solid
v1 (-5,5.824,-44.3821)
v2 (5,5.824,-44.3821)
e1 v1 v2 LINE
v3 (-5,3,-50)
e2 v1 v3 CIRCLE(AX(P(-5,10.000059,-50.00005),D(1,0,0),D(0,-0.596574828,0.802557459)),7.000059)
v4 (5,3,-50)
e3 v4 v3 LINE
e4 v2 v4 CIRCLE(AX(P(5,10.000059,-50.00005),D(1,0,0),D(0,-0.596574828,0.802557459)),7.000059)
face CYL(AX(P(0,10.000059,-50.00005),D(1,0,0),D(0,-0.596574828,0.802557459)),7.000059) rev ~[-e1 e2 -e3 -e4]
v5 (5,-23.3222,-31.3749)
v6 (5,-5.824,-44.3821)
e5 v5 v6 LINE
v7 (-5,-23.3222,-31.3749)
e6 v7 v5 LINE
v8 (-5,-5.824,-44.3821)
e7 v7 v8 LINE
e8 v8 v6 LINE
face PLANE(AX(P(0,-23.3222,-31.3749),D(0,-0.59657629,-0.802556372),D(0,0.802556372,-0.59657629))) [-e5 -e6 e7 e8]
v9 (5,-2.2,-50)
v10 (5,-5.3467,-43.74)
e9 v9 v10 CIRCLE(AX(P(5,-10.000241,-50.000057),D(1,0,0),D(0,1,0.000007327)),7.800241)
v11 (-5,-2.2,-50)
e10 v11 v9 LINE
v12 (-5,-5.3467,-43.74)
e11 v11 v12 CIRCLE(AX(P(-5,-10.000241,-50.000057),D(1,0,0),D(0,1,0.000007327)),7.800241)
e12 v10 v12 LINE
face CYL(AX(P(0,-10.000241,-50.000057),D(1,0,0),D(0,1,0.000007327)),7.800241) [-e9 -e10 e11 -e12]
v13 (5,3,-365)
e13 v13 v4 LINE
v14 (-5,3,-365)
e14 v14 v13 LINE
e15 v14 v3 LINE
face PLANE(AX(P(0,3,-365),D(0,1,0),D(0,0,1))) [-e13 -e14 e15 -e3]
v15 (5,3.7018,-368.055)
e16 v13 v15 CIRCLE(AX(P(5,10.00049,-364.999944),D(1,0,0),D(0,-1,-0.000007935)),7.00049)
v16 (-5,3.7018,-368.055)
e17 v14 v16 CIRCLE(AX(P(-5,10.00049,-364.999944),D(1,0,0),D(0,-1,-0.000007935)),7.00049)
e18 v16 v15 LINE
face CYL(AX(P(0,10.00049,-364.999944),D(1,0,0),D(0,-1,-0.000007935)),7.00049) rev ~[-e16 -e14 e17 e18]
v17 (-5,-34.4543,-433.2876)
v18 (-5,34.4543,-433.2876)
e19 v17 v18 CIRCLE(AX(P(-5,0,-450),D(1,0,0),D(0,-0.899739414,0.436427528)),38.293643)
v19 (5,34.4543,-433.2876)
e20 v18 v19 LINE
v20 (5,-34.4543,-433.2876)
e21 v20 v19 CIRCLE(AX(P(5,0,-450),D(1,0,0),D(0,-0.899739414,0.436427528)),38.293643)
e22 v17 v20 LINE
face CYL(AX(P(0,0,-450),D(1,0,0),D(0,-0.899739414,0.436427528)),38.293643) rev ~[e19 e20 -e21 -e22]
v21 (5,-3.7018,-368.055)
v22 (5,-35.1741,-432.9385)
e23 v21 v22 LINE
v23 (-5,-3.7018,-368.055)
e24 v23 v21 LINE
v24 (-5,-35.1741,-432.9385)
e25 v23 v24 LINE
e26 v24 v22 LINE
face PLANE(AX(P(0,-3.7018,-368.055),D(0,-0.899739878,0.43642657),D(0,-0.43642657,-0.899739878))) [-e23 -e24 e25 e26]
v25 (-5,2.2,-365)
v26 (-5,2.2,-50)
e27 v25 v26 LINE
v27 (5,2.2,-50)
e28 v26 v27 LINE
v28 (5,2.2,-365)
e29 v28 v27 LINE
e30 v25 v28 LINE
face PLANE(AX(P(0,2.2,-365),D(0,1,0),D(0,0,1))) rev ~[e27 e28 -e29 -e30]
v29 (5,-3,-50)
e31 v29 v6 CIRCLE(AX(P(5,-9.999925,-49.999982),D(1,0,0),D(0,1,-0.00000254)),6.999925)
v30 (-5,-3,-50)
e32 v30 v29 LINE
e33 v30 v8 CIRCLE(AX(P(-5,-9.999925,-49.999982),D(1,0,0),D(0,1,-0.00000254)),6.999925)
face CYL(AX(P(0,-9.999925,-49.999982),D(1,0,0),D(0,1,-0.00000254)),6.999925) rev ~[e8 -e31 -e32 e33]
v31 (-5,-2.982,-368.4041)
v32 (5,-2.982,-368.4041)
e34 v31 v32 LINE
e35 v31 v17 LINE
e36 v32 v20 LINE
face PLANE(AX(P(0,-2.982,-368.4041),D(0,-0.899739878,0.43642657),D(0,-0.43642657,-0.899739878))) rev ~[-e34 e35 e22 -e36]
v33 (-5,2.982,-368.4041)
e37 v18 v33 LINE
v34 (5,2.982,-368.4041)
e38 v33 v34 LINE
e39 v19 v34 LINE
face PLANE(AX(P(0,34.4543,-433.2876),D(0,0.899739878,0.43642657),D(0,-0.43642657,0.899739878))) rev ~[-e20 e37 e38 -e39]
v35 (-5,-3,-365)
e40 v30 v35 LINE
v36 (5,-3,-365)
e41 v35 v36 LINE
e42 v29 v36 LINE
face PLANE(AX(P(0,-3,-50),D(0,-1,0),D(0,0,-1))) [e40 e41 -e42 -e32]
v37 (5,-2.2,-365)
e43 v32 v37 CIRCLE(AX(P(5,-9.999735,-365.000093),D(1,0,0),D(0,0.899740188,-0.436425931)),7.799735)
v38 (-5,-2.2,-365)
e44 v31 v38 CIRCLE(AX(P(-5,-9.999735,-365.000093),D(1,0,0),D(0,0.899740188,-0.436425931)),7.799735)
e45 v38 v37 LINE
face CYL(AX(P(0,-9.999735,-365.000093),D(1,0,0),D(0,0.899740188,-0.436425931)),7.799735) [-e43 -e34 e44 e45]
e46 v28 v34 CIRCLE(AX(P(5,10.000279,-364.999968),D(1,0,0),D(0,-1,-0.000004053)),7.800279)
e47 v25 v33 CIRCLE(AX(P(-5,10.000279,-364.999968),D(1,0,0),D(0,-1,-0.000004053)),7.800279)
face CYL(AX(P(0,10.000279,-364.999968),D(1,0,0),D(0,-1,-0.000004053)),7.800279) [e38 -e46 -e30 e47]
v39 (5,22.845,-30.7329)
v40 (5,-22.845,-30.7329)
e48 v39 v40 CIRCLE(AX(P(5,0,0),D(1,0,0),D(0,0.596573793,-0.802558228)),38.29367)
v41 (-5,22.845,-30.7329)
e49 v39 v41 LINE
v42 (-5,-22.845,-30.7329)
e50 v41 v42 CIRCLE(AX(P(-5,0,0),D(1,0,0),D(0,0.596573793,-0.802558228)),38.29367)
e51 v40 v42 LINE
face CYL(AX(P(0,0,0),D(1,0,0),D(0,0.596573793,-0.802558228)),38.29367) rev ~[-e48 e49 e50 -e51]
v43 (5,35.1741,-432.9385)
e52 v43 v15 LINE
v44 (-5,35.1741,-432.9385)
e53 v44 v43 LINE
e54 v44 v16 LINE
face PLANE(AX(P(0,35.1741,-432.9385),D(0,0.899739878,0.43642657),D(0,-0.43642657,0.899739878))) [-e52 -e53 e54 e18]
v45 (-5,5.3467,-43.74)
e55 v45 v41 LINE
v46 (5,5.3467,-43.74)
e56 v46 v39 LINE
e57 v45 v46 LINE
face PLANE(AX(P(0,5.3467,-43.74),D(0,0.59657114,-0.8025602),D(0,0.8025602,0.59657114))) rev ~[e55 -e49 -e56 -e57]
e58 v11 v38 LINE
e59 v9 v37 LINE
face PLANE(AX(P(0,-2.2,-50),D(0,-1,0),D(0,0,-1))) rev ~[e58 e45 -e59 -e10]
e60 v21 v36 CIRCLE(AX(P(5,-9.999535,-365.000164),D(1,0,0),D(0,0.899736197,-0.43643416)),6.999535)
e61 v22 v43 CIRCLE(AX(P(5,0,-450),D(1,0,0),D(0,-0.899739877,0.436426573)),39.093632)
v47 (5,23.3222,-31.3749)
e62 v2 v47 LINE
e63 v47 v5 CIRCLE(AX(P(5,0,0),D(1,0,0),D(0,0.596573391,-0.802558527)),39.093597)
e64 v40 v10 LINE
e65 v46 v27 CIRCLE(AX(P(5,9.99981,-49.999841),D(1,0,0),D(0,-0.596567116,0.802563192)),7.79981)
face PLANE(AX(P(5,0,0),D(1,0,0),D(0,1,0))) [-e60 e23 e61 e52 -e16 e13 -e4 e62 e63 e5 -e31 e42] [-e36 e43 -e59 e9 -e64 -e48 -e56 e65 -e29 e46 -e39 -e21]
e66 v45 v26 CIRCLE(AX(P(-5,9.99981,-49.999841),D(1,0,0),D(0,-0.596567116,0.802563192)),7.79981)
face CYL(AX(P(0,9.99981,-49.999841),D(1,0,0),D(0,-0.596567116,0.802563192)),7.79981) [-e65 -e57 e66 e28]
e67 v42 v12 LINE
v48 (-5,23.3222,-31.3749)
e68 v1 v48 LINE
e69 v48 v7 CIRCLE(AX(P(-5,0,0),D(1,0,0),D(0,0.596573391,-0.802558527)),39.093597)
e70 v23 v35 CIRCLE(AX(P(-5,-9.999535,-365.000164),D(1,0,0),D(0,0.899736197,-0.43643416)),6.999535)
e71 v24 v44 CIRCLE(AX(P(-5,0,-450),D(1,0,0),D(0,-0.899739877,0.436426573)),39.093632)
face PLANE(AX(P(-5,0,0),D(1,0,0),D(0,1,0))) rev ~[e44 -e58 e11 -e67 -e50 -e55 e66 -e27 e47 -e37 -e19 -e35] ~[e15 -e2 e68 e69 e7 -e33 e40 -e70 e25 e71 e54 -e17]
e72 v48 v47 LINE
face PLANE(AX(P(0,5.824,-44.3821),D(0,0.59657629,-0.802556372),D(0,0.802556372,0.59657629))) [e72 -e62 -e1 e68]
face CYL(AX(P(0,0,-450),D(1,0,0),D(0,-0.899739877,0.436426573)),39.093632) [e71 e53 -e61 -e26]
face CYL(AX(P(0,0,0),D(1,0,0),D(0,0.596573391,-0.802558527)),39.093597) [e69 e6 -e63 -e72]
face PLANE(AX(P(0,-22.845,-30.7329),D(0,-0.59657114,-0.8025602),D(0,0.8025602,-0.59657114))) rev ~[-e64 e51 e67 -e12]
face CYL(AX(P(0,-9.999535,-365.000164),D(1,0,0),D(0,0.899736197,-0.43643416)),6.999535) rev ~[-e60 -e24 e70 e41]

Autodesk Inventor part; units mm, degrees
ref_plane "YZ Plane" through (0, 0, 0) normal (1, 0, 0) x (0, 1, 0)
ref_plane "XZ Plane" through (0, 0, 0) normal (0, 1, 0) x (-1, 0, 0)
ref_plane "XY Plane" through (0, 0, 0) normal (0, 0, 1) x (1, 0, 0)
sketch "スケッチ1" plane through (0, 0, 0) normal (1, 0, 0) x (0, 1, 0)
  arc A0 (23.0723, -31.0387) -> (-23.0723, -31.0387) centre (0, 0) ccw
  arc A1 (-34.7971, -433.1214) -> (34.7971, -433.1214) centre (0, -450) ccw
  arc A2 (-2.581, -50) -> (-5.574, -44.0458) centre (-10, -50) ccw
  line L0 (-5.574, -44.0458) -> (-23.0723, -31.0387)
  line L1 (23.0723, -31.0387) -> (5.574, -44.0458)
  line L2 (34.7971, -433.1214) -> (3.3248, -368.2378)
  line L3 (-34.7971, -433.1214) -> (-3.3248, -368.2378)
  arc A3 (5.574, -44.0458) -> (2.581, -50) centre (10, -50) ccw
  arc A4 (2.581, -365) -> (3.3248, -368.2378) centre (10, -365) ccw
  arc A5 (-3.3248, -368.2378) -> (-2.581, -365) centre (-10, -365) ccw
  line L4 (-2.581, -50) -> (-2.581, -365)
  line L5 (2.581, -365) -> (2.581, -50)
  line L6 (5.824, -44.3821) -> (23.3222, -31.3749)
  arc A6 (23.3222, -31.3749) -> (-23.3222, -31.3749) centre (0, 0) ccw
  line L7 (-23.3222, -31.3749) -> (-5.824, -44.3821)
  arc A7 (-3, -50) -> (-5.824, -44.3821) centre (-10, -50) ccw
  line L8 (-3, -50) -> (-3, -365)
  arc A8 (-3.7018, -368.055) -> (-3, -365) centre (-10, -365) ccw
  line L9 (-3.7018, -368.055) -> (-35.1741, -432.9385)
  arc A9 (-35.1741, -432.9385) -> (35.1741, -432.9385) centre (0, -450) ccw
  line L10 (35.1741, -432.9385) -> (3.7018, -368.055)
  arc A10 (3, -365) -> (3.7018, -368.055) centre (10, -365) ccw
  line L11 (3, -365) -> (3, -50)
  arc A11 (5.824, -44.3821) -> (3, -50) centre (10, -50) ccw
  arc A12 (5.3467, -43.74) -> (2.2, -50) centre (10, -50) ccw
  line L12 (5.3467, -43.74) -> (22.845, -30.7329)
  arc A13 (22.845, -30.7329) -> (-22.845, -30.7329) centre (0, 0) ccw
  line L13 (-22.845, -30.7329) -> (-5.3467, -43.74)
  arc A14 (-2.2, -50) -> (-5.3467, -43.74) centre (-10, -50) ccw
  line L14 (-2.2, -50) -> (-2.2, -365)
  arc A15 (-2.982, -368.4041) -> (-2.2, -365) centre (-10, -365) ccw
  line L15 (-2.982, -368.4041) -> (-34.4543, -433.2876)
  arc A16 (-34.4543, -433.2876) -> (34.4543, -433.2876) centre (0, -450) ccw
  line L16 (34.4543, -433.2876) -> (2.982, -368.4041)
  arc A17 (2.2, -365) -> (2.982, -368.4041) centre (10, -365) ccw
  line L17 (2.2, -365) -> (2.2, -50)
  dimension "d0" = 77.3493
  dimension "d1" = 77.3493
  dimension "d2" = 450
  dimension "d39" = 0.419
  dimension "d40" = 0.8
  dimension "d41" = 7
  dimension "d42" = 7
  dimension "d43" = 7
  dimension "d44" = 7
  dimension "d45" = 10
  dimension "d46" = 10
  dimension "d47" = 85
  dimension "d48" = 50
extrude "押し出し1" add sketch "スケッチ1" along normal mid plane 10 contours L1 A3 L5 A4 L2 A1 L3 A5 L4 A2 L0 A0 | A11 L11 A10 L10 A9 L9 A8 L8 A7 L7 A6 L6
equation "\"d0\" = d1"
equation "\"d41\" = d43"
equation "\"d43\" = d44"
equation "\"d44\" = d42"
equation "\"d46\" = d45"
properties part number "scara-belt1" material "ゴム"
